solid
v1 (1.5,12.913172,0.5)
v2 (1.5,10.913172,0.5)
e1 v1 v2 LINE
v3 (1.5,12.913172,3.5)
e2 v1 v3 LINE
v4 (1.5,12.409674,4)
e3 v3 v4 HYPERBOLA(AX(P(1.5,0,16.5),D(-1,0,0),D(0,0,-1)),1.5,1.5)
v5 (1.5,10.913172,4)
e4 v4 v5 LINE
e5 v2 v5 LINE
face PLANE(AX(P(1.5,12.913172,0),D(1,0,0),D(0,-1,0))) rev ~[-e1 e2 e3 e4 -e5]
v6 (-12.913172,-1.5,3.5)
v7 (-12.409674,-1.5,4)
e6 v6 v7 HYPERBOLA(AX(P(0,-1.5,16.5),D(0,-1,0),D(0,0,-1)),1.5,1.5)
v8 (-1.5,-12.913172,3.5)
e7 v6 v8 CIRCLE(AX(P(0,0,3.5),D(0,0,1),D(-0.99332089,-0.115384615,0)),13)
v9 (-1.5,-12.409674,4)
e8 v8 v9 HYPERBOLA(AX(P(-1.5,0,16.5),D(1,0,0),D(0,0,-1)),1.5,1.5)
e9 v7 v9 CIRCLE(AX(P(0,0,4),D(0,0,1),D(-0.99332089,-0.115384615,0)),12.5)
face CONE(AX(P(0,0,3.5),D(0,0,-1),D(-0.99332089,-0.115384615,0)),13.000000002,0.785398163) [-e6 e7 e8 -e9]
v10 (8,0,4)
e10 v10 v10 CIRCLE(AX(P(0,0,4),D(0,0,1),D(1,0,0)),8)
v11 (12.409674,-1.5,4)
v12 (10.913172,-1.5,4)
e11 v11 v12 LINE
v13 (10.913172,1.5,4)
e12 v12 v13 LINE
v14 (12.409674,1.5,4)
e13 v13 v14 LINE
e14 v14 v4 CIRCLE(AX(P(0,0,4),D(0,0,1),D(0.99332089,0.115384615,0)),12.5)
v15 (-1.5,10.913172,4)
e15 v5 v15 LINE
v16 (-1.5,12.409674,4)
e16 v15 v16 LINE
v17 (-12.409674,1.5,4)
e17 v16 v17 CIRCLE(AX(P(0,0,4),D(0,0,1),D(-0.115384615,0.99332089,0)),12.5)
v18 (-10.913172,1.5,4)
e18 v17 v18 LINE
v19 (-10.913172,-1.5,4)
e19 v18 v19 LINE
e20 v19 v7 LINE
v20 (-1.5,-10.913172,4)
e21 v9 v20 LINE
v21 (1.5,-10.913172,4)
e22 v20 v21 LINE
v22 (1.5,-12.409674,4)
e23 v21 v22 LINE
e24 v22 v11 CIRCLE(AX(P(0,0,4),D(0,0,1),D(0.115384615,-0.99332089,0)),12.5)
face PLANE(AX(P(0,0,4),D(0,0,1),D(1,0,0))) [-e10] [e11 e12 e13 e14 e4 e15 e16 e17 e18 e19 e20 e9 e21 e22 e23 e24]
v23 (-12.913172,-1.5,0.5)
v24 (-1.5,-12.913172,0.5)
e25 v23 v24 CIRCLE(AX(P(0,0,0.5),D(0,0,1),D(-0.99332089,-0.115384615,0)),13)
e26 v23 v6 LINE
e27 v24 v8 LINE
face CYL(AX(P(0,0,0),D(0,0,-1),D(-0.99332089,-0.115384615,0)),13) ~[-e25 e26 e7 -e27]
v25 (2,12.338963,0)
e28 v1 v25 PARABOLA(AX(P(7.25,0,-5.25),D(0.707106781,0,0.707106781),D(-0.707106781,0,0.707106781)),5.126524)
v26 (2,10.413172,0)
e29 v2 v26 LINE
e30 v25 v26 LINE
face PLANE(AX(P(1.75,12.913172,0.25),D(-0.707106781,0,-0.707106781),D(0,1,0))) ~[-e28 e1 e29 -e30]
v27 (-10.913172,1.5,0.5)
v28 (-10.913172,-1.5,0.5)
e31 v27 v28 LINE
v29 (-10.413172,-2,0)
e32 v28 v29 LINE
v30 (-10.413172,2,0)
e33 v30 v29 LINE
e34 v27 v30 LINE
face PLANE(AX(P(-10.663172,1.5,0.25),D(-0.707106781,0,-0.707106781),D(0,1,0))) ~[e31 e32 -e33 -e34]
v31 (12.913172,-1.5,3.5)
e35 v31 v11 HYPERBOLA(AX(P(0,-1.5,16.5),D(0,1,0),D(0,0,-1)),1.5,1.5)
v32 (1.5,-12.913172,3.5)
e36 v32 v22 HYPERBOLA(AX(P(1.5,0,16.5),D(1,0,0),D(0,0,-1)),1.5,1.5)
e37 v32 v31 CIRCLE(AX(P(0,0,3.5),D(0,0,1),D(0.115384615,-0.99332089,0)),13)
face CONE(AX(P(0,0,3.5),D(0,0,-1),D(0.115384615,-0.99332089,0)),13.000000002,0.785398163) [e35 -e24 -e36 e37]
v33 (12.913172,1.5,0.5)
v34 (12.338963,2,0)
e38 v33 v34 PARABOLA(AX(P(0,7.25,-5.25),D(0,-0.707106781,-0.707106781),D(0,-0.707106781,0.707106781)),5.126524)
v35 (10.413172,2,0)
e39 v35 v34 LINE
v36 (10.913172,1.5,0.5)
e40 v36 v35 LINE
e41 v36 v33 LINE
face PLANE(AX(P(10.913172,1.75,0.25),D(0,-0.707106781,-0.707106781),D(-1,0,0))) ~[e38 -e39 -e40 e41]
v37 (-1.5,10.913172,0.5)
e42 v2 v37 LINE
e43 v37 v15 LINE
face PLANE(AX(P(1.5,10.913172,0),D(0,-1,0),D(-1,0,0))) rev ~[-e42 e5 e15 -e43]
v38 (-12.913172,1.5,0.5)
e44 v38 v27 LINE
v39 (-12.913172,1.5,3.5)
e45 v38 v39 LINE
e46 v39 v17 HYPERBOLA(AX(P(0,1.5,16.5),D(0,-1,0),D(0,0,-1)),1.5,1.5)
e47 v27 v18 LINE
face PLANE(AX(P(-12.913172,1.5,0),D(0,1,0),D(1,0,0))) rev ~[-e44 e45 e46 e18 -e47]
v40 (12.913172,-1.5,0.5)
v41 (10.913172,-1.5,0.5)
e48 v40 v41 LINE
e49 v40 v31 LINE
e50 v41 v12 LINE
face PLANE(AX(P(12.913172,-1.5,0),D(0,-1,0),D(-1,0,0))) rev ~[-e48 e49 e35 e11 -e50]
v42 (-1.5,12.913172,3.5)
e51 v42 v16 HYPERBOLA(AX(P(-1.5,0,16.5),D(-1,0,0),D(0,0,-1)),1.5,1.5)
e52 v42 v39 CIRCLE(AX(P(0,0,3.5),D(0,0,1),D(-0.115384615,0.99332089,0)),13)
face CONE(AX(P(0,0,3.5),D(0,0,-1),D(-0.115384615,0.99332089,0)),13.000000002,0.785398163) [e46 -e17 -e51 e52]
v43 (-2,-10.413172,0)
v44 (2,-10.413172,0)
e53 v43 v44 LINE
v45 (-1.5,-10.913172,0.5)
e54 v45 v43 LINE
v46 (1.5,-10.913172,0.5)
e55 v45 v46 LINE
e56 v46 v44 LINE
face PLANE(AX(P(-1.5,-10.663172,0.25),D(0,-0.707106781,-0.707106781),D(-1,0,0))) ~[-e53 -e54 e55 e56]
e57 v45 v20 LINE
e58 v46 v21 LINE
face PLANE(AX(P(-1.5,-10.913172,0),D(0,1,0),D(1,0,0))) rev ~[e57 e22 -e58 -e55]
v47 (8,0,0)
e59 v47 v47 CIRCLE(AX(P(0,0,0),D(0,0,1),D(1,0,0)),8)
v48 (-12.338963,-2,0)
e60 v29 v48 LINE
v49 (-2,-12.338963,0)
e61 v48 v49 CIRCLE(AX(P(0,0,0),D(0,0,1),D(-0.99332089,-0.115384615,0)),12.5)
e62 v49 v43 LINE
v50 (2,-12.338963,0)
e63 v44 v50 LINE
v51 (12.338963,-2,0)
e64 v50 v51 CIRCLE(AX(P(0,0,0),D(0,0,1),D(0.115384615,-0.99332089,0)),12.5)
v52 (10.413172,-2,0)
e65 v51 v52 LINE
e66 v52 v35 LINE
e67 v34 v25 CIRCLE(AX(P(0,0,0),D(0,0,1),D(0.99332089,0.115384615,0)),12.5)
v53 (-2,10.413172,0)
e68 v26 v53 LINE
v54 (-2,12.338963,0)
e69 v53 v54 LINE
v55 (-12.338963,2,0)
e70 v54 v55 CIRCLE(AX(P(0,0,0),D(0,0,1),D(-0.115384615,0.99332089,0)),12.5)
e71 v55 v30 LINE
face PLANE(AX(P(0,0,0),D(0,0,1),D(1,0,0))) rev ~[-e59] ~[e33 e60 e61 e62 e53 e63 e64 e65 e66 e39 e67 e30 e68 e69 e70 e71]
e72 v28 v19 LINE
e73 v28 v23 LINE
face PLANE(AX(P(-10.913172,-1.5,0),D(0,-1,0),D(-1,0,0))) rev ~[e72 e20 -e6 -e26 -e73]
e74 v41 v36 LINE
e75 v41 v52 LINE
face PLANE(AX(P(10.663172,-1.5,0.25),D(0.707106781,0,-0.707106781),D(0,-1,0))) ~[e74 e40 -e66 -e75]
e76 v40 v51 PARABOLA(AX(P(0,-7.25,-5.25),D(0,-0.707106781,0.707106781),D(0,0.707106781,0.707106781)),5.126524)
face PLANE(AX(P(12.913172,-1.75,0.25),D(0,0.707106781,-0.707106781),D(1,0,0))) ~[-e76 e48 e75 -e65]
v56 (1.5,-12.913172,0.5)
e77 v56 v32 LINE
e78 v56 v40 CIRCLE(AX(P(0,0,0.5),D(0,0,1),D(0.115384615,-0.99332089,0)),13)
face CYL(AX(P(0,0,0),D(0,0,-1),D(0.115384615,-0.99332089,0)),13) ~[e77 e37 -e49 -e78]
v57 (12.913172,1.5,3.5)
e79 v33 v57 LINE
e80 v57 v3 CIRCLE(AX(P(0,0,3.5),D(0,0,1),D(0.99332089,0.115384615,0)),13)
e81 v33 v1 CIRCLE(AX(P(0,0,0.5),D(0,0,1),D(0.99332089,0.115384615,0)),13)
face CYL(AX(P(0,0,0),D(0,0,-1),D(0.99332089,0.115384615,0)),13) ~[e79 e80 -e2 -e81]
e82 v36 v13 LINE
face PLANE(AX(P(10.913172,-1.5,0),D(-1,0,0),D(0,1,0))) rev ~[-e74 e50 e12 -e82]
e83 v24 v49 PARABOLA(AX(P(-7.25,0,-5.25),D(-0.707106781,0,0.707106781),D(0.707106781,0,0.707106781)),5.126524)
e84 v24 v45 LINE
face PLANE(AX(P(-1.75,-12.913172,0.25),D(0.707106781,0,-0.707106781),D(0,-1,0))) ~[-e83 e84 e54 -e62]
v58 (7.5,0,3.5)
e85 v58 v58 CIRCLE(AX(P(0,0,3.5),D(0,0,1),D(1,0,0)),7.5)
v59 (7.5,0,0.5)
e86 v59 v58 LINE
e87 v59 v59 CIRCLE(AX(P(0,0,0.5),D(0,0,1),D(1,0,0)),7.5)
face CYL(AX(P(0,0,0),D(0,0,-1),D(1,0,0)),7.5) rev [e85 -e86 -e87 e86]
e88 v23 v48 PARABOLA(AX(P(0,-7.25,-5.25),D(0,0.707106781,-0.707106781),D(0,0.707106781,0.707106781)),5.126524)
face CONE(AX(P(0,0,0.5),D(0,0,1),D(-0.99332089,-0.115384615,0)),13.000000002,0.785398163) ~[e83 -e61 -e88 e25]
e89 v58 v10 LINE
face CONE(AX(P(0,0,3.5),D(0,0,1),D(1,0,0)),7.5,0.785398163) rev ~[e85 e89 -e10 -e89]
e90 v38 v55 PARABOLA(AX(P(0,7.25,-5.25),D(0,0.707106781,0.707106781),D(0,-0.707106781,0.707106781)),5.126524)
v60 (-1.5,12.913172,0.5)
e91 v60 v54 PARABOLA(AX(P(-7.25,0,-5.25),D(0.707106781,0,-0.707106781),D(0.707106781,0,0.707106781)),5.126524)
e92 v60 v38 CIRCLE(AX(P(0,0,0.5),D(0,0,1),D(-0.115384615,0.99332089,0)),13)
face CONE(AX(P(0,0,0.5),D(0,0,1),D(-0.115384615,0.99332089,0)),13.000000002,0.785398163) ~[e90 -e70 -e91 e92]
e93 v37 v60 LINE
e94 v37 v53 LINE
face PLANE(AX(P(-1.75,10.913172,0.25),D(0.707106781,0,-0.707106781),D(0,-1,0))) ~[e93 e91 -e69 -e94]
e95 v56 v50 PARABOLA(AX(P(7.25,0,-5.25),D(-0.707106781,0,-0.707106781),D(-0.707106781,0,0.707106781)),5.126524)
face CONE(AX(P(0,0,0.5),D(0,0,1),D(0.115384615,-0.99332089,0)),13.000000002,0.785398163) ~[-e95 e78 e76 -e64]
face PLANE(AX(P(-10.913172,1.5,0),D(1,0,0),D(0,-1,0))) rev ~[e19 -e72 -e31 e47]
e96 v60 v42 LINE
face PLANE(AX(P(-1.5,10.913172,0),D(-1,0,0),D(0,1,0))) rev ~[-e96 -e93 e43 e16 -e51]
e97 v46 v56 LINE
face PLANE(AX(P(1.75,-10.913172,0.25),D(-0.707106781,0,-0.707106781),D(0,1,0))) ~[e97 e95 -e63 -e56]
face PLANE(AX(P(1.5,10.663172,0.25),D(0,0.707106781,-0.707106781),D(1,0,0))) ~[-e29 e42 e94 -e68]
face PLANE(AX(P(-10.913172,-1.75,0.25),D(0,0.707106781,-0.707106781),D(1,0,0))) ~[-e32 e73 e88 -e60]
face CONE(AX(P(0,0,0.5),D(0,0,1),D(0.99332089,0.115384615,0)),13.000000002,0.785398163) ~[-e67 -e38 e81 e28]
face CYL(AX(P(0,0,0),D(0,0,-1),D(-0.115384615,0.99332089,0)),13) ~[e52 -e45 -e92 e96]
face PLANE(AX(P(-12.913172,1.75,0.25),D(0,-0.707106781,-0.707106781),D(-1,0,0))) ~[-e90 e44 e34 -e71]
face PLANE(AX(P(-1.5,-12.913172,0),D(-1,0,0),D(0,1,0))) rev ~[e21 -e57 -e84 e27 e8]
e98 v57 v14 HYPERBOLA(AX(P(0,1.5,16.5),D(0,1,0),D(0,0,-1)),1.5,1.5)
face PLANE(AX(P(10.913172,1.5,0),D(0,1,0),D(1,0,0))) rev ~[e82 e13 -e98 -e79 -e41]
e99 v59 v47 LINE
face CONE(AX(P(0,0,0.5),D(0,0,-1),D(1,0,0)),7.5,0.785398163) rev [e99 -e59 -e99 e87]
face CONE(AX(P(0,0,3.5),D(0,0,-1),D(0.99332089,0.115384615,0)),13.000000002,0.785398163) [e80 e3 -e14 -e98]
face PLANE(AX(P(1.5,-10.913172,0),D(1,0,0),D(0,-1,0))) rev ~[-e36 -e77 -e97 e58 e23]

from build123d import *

# Parameters (mm, degrees)
SKETCH_1_R      = 7.5
EXTRUDE_1_DEPTH = 4
CHAMFER_1_SIZE  = 0.5


with BuildPart() as part:
    # Эскиз1 → Бобышка-Вытянуть1 (new body)
    with BuildSketch(Plane.XY):
        with BuildLine():
            Line((1.5, 12.91317157), (1.5, 10.91317157))
            Line((1.5, 10.91317157), (-1.5, 10.91317157))
            Line((-1.5, 10.91317157), (-1.5, 12.91317157))
            ThreePointArc((-1.5, 12.91317157), (-9.192388155, 9.192388155), (-12.91317157, 1.5))
            Line((-12.91317157, 1.5), (-10.91317157, 1.5))
            Line((-10.91317157, 1.5), (-10.91317157, -1.5))
            Line((-10.91317157, -1.5), (-12.91317157, -1.5))
            ThreePointArc((-12.91317157, -1.5), (-9.192388155, -9.192388155), (-1.5, -12.91317157))
            Line((-1.5, -12.91317157), (-1.5, -10.91317157))
            Line((-1.5, -10.91317157), (1.5, -10.91317157))
            Line((1.5, -10.91317157), (1.5, -12.91317157))
            ThreePointArc((1.5, -12.91317157), (9.192388155, -9.192388155), (12.91317157, -1.5))
            Line((12.91317157, -1.5), (10.91317157, -1.5))
            Line((10.91317157, -1.5), (10.91317157, 1.5))
            Line((10.91317157, 1.5), (12.91317157, 1.5))
            ThreePointArc((12.91317157, 1.5), (9.192388155, 9.192388155), (1.5, 12.91317157))
        make_face()
        Circle(SKETCH_1_R, mode=Mode.SUBTRACT)
    extrude(amount=EXTRUDE_1_DEPTH)

    # Фаска1
    chamfer_1_edges = [part.edges().sort_by_distance(p)[0] for p in [
        (-1.5, 11.91317157, 0),
        (0, 10.91317157, 0),
        (1.5, 11.91317157, 0),
        (9.192388155, 9.192388155, 0),
        (11.91317157, 1.5, 0),
        (-9.192388155, -9.192388155, 4),
        (10.91317157, 0, 0),
        (11.91317157, -1.5, 0),
        (9.192388155, -9.192388155, 0),
        (1.5, -11.91317157, 0),
        (0, -10.91317157, 0),
        (-1.5, -11.91317157, 0),
        (-9.192388155, -9.192388155, 0),
        (-11.91317157, -1.5, 0),
        (-10.91317157, 0, 0),
        (-11.91317157, 1.5, 0),
        (-9.192388155, 9.192388155, 0),
        (9.192388155, -9.192388155, 4),
        (-7.5, 0, 0),
        (-7.5, 0, 4),
        (-9.192388155, 9.192388155, 4),
        (9.192388155, 9.192388155, 4),
    ]]
    chamfer(chamfer_1_edges, length=CHAMFER_1_SIZE)


solid = part.part
